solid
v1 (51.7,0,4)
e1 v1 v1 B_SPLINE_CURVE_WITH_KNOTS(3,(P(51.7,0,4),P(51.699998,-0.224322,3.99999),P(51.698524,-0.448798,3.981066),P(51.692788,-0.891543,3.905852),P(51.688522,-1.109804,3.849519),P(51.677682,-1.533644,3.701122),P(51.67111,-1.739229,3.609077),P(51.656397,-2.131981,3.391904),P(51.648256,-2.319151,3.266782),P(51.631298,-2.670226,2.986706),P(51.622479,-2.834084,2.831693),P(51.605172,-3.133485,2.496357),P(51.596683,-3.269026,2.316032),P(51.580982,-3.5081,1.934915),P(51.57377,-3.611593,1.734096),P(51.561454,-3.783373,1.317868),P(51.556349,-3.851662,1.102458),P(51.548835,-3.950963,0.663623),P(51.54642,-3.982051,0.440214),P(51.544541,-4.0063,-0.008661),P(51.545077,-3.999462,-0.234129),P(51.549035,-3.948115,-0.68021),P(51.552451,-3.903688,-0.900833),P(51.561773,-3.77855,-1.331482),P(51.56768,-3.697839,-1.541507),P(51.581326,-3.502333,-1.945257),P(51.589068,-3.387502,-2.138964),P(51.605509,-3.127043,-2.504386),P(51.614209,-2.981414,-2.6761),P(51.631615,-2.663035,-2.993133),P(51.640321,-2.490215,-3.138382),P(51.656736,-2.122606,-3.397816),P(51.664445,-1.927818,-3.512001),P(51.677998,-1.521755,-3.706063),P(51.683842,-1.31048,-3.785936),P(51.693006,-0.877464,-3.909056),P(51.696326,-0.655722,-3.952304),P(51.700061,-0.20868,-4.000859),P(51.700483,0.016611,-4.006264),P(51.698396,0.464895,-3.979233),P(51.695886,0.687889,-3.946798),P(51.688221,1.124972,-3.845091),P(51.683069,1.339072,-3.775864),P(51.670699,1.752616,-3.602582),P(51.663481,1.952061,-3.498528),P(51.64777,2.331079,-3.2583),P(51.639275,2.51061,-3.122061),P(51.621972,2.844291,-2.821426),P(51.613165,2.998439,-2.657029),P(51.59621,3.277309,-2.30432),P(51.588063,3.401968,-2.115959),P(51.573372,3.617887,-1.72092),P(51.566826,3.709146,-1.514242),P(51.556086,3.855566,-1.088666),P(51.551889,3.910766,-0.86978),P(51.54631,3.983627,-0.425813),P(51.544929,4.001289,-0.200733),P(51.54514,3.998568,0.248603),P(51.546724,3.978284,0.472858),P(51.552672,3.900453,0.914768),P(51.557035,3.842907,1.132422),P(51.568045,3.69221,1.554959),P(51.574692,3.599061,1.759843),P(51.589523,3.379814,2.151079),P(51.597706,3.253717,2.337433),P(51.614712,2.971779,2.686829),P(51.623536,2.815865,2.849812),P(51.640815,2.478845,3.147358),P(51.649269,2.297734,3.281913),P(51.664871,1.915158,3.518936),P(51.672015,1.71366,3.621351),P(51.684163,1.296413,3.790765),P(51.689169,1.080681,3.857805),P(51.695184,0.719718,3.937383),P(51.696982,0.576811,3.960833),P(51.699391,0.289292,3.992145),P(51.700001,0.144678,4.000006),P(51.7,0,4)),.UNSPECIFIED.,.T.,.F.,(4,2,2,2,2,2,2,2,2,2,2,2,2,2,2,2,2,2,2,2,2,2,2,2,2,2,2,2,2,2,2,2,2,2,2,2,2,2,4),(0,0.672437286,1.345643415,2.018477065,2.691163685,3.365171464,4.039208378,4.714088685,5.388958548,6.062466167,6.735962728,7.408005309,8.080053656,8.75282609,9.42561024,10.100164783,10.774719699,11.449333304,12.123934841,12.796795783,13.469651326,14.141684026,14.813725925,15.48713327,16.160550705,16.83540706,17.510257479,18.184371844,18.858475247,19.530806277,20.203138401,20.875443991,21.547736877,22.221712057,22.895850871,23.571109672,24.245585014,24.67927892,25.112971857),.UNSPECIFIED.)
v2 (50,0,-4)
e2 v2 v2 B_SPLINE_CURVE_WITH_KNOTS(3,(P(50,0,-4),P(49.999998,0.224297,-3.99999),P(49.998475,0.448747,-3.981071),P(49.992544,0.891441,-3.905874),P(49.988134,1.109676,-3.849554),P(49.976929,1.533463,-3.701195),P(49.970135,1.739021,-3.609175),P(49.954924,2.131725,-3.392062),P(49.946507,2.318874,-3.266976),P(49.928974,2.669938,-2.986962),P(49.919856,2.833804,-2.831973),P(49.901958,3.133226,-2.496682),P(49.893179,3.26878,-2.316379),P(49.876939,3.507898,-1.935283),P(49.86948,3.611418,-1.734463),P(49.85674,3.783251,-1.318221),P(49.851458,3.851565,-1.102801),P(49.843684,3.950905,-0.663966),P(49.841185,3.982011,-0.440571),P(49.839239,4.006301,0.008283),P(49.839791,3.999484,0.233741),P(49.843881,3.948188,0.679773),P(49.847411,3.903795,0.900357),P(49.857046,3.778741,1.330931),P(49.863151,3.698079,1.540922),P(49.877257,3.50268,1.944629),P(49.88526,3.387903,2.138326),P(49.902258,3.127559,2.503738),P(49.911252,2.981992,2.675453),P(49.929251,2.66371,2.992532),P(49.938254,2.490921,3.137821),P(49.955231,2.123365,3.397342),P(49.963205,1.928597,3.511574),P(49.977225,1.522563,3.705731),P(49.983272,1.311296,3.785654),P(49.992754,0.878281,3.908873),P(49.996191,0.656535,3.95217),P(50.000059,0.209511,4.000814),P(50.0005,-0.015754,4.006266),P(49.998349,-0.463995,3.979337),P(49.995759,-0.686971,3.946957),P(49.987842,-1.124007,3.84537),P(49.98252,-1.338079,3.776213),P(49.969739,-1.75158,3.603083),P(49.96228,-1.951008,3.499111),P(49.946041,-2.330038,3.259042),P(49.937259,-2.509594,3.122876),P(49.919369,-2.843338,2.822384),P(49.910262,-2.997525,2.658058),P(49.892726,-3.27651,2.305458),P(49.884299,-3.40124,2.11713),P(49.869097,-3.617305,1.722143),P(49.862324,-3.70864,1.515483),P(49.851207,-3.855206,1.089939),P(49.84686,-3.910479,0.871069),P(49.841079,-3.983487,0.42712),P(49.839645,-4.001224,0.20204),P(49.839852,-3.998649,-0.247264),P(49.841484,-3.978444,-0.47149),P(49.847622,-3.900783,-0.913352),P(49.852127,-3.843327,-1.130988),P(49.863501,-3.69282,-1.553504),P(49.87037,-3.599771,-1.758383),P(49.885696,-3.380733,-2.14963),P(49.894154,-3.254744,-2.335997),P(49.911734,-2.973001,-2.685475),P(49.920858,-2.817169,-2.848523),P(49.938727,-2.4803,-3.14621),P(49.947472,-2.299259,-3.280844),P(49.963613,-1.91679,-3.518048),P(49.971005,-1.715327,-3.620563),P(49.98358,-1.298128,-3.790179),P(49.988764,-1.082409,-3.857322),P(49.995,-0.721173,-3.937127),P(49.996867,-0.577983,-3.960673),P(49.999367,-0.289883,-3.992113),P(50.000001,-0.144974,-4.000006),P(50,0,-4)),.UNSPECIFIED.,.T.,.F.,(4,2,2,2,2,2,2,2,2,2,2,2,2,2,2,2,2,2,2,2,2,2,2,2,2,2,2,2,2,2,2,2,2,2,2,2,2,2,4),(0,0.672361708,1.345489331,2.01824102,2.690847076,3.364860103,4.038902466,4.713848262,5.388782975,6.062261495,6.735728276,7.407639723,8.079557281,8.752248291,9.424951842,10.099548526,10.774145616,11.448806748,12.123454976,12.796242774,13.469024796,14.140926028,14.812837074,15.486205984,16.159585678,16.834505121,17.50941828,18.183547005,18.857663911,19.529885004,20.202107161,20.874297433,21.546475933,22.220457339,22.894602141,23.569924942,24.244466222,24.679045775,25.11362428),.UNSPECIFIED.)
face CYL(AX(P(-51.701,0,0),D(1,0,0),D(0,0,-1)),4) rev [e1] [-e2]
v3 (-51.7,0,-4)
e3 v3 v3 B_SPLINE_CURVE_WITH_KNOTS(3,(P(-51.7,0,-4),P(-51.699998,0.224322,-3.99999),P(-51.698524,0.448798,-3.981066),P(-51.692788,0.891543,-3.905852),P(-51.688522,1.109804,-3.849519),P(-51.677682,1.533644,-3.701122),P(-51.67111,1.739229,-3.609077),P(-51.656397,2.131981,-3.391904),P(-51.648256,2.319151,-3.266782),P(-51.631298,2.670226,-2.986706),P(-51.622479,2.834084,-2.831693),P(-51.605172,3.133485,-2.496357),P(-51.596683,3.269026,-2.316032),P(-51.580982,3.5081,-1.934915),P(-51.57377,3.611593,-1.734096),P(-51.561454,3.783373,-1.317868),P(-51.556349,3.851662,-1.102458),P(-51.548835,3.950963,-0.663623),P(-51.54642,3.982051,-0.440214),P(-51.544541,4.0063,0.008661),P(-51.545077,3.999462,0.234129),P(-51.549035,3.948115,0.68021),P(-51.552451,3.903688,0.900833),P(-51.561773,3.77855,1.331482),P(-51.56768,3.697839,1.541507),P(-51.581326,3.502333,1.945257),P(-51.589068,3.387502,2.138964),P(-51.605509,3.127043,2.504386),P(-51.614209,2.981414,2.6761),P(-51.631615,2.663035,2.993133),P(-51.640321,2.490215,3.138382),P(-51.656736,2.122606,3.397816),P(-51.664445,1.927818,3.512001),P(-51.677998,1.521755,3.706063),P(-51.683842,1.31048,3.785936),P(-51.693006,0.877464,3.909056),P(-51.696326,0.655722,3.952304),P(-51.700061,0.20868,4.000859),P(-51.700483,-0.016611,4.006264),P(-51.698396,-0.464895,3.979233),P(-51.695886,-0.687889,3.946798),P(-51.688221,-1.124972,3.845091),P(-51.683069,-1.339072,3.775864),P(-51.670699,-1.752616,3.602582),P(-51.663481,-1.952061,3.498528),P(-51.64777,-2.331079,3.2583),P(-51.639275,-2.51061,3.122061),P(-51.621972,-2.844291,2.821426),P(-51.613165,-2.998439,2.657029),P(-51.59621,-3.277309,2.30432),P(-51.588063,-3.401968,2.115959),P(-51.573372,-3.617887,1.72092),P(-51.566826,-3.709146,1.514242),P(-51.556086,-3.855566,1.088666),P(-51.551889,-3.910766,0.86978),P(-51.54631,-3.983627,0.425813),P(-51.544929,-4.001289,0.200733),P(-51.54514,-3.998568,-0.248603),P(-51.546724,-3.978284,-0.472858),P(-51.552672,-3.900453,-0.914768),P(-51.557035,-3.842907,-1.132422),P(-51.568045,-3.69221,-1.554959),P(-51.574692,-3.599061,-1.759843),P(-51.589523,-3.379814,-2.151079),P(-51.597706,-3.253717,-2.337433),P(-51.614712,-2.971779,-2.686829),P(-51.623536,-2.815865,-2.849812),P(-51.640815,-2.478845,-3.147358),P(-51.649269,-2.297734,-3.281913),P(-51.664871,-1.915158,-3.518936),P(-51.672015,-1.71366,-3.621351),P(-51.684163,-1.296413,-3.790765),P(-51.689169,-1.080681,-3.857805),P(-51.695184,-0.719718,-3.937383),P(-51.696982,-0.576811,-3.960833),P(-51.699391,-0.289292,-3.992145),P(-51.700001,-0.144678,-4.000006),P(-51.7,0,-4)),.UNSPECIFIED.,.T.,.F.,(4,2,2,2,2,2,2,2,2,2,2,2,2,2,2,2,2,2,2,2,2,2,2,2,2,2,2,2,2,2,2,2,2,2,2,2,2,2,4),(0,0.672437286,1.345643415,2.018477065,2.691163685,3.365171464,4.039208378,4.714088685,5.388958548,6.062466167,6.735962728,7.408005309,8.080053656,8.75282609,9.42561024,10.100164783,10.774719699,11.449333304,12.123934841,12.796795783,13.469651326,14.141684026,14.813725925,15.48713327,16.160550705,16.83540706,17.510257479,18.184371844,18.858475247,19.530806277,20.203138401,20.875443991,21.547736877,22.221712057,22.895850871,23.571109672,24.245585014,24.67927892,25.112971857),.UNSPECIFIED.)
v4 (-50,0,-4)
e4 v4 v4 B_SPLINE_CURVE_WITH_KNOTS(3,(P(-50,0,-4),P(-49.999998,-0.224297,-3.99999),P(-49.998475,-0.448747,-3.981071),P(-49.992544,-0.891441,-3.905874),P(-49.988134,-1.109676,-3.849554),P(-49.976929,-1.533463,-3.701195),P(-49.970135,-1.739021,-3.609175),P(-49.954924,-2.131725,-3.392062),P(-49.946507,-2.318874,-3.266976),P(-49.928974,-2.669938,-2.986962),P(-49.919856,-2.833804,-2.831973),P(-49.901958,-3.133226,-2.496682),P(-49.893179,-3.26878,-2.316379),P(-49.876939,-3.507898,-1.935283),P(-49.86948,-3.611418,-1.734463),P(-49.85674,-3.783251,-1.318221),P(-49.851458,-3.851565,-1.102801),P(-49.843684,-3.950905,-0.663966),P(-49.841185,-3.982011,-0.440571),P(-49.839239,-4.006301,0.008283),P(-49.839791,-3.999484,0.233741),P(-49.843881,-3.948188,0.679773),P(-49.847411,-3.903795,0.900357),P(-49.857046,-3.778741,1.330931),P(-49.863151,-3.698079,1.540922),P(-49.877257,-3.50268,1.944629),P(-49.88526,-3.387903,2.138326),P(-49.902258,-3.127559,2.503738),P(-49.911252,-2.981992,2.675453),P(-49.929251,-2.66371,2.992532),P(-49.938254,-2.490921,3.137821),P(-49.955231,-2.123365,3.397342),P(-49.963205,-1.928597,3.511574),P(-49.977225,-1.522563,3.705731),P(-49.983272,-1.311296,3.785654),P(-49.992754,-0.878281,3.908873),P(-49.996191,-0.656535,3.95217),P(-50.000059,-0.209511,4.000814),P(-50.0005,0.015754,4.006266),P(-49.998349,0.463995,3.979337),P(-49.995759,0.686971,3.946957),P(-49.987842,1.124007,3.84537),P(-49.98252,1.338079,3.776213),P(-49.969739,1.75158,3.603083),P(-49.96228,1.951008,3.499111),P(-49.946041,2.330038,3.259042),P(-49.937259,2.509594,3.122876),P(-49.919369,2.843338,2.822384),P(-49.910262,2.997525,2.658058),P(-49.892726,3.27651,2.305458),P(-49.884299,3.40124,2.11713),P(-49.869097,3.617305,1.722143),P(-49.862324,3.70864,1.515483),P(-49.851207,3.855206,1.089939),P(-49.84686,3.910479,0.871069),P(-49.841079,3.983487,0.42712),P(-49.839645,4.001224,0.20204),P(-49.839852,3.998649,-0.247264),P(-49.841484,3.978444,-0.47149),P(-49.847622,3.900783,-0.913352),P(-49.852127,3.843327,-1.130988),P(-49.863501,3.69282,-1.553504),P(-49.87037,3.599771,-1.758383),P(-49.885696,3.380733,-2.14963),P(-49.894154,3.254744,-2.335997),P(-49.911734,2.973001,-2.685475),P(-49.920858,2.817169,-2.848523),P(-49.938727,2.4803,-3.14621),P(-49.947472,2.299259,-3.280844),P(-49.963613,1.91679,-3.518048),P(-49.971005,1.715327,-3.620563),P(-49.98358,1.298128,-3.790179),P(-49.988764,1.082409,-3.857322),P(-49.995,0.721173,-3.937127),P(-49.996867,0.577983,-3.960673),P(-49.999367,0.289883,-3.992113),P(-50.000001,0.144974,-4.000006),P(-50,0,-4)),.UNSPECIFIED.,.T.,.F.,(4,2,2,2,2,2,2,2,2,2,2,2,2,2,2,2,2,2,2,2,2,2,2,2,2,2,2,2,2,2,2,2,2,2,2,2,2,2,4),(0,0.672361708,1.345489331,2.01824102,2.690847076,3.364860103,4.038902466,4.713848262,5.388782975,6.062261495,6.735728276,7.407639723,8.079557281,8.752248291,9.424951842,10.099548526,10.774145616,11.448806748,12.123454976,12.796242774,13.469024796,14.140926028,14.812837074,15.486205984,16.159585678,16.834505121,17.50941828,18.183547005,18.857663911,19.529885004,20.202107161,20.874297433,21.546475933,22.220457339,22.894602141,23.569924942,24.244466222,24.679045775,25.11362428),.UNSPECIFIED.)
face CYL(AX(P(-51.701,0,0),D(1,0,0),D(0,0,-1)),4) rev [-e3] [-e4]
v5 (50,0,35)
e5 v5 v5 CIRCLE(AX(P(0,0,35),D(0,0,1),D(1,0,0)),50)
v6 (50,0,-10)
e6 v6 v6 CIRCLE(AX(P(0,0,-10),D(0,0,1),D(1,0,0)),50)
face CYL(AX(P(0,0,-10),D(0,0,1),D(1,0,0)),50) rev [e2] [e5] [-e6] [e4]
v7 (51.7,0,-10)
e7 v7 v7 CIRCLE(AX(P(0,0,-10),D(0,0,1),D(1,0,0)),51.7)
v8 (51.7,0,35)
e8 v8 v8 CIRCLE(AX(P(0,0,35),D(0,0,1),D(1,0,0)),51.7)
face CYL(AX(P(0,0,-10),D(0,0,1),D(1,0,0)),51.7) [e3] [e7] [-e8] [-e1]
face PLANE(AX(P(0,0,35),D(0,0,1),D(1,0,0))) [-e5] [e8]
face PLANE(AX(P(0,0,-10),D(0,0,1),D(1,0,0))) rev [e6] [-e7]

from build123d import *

# Parameters (mm, degrees)
BOSS_EXTRUDE1_DEPTH                 = 35
BOSS_EXTRUDE1_DEPTH_BACK            = 10
SKETCH1_R                           = 51.7
SKETCH1_R_2                         = 50
CUT_EXTRUDE1_REACH                  = 83.06
CUT_EXTRUDE1_END_RADIUS             = 51.7
SKETCH2_R                           = 4
CUT_EXTRUDE1_DIRECTION_2_REACH      = 83.06
CUT_EXTRUDE1_DIRECTION_2_END_RADIUS = 51.7


with BuildPart() as part:
    # Sketch1 → Boss-Extrude1 (new, two sides: drawn at the far end of the back side and taken through both)
    with BuildSketch(Plane.XY.offset(-BOSS_EXTRUDE1_DEPTH_BACK)):
        Circle(SKETCH1_R)
        Circle(SKETCH1_R_2, mode=Mode.SUBTRACT)
    extrude(amount=BOSS_EXTRUDE1_DEPTH + BOSS_EXTRUDE1_DEPTH_BACK)

    # Cut-Extrude1: up to this cylinder (the profile starts inside it)
    cut_extrude1_end = Plane(origin=(0, 0, 0), z_dir=(0, 0, 1)) * Cylinder(CUT_EXTRUDE1_END_RADIUS, 270.52, mode=Mode.PRIVATE)
    # Sketch2 → Cut-Extrude1 (cut, up to the surface)
    with BuildSketch(Plane(origin=(0, 0, 0), x_dir=(0, 0, -1), z_dir=(1, 0, 0)), mode=Mode.PRIVATE) as cut_extrude1_sk1:
        Circle(SKETCH2_R)
    cut_extrude1_tool1 = extrude(cut_extrude1_sk1.sketch, amount=-CUT_EXTRUDE1_REACH, mode=Mode.PRIVATE) & cut_extrude1_end
    add(cut_extrude1_tool1.solids().sort_by_distance((0, 0, 0))[0], mode=Mode.SUBTRACT)

    # Cut-Extrude1 direction 2: up to this cylinder (the profile starts inside it)
    cut_extrude1_direction_2_end = Plane(origin=(0, 0, 0), z_dir=(0, 0, 1)) * Cylinder(CUT_EXTRUDE1_DIRECTION_2_END_RADIUS, 270.52, mode=Mode.PRIVATE)
    # Sketch2 → Cut-Extrude1 direction 2 (cut, up to the surface)
    with BuildSketch(Plane(origin=(0, 0, 0), x_dir=(0, 0, -1), z_dir=(1, 0, 0)), mode=Mode.PRIVATE) as cut_extrude1_direction_2_sk1:
        Circle(SKETCH2_R)
    cut_extrude1_direction_2_tool1 = extrude(cut_extrude1_direction_2_sk1.sketch, amount=CUT_EXTRUDE1_DIRECTION_2_REACH, mode=Mode.PRIVATE) & cut_extrude1_direction_2_end
    add(cut_extrude1_direction_2_tool1.solids().sort_by_distance((0, 0, 0))[0], mode=Mode.SUBTRACT)


solid = part.part
